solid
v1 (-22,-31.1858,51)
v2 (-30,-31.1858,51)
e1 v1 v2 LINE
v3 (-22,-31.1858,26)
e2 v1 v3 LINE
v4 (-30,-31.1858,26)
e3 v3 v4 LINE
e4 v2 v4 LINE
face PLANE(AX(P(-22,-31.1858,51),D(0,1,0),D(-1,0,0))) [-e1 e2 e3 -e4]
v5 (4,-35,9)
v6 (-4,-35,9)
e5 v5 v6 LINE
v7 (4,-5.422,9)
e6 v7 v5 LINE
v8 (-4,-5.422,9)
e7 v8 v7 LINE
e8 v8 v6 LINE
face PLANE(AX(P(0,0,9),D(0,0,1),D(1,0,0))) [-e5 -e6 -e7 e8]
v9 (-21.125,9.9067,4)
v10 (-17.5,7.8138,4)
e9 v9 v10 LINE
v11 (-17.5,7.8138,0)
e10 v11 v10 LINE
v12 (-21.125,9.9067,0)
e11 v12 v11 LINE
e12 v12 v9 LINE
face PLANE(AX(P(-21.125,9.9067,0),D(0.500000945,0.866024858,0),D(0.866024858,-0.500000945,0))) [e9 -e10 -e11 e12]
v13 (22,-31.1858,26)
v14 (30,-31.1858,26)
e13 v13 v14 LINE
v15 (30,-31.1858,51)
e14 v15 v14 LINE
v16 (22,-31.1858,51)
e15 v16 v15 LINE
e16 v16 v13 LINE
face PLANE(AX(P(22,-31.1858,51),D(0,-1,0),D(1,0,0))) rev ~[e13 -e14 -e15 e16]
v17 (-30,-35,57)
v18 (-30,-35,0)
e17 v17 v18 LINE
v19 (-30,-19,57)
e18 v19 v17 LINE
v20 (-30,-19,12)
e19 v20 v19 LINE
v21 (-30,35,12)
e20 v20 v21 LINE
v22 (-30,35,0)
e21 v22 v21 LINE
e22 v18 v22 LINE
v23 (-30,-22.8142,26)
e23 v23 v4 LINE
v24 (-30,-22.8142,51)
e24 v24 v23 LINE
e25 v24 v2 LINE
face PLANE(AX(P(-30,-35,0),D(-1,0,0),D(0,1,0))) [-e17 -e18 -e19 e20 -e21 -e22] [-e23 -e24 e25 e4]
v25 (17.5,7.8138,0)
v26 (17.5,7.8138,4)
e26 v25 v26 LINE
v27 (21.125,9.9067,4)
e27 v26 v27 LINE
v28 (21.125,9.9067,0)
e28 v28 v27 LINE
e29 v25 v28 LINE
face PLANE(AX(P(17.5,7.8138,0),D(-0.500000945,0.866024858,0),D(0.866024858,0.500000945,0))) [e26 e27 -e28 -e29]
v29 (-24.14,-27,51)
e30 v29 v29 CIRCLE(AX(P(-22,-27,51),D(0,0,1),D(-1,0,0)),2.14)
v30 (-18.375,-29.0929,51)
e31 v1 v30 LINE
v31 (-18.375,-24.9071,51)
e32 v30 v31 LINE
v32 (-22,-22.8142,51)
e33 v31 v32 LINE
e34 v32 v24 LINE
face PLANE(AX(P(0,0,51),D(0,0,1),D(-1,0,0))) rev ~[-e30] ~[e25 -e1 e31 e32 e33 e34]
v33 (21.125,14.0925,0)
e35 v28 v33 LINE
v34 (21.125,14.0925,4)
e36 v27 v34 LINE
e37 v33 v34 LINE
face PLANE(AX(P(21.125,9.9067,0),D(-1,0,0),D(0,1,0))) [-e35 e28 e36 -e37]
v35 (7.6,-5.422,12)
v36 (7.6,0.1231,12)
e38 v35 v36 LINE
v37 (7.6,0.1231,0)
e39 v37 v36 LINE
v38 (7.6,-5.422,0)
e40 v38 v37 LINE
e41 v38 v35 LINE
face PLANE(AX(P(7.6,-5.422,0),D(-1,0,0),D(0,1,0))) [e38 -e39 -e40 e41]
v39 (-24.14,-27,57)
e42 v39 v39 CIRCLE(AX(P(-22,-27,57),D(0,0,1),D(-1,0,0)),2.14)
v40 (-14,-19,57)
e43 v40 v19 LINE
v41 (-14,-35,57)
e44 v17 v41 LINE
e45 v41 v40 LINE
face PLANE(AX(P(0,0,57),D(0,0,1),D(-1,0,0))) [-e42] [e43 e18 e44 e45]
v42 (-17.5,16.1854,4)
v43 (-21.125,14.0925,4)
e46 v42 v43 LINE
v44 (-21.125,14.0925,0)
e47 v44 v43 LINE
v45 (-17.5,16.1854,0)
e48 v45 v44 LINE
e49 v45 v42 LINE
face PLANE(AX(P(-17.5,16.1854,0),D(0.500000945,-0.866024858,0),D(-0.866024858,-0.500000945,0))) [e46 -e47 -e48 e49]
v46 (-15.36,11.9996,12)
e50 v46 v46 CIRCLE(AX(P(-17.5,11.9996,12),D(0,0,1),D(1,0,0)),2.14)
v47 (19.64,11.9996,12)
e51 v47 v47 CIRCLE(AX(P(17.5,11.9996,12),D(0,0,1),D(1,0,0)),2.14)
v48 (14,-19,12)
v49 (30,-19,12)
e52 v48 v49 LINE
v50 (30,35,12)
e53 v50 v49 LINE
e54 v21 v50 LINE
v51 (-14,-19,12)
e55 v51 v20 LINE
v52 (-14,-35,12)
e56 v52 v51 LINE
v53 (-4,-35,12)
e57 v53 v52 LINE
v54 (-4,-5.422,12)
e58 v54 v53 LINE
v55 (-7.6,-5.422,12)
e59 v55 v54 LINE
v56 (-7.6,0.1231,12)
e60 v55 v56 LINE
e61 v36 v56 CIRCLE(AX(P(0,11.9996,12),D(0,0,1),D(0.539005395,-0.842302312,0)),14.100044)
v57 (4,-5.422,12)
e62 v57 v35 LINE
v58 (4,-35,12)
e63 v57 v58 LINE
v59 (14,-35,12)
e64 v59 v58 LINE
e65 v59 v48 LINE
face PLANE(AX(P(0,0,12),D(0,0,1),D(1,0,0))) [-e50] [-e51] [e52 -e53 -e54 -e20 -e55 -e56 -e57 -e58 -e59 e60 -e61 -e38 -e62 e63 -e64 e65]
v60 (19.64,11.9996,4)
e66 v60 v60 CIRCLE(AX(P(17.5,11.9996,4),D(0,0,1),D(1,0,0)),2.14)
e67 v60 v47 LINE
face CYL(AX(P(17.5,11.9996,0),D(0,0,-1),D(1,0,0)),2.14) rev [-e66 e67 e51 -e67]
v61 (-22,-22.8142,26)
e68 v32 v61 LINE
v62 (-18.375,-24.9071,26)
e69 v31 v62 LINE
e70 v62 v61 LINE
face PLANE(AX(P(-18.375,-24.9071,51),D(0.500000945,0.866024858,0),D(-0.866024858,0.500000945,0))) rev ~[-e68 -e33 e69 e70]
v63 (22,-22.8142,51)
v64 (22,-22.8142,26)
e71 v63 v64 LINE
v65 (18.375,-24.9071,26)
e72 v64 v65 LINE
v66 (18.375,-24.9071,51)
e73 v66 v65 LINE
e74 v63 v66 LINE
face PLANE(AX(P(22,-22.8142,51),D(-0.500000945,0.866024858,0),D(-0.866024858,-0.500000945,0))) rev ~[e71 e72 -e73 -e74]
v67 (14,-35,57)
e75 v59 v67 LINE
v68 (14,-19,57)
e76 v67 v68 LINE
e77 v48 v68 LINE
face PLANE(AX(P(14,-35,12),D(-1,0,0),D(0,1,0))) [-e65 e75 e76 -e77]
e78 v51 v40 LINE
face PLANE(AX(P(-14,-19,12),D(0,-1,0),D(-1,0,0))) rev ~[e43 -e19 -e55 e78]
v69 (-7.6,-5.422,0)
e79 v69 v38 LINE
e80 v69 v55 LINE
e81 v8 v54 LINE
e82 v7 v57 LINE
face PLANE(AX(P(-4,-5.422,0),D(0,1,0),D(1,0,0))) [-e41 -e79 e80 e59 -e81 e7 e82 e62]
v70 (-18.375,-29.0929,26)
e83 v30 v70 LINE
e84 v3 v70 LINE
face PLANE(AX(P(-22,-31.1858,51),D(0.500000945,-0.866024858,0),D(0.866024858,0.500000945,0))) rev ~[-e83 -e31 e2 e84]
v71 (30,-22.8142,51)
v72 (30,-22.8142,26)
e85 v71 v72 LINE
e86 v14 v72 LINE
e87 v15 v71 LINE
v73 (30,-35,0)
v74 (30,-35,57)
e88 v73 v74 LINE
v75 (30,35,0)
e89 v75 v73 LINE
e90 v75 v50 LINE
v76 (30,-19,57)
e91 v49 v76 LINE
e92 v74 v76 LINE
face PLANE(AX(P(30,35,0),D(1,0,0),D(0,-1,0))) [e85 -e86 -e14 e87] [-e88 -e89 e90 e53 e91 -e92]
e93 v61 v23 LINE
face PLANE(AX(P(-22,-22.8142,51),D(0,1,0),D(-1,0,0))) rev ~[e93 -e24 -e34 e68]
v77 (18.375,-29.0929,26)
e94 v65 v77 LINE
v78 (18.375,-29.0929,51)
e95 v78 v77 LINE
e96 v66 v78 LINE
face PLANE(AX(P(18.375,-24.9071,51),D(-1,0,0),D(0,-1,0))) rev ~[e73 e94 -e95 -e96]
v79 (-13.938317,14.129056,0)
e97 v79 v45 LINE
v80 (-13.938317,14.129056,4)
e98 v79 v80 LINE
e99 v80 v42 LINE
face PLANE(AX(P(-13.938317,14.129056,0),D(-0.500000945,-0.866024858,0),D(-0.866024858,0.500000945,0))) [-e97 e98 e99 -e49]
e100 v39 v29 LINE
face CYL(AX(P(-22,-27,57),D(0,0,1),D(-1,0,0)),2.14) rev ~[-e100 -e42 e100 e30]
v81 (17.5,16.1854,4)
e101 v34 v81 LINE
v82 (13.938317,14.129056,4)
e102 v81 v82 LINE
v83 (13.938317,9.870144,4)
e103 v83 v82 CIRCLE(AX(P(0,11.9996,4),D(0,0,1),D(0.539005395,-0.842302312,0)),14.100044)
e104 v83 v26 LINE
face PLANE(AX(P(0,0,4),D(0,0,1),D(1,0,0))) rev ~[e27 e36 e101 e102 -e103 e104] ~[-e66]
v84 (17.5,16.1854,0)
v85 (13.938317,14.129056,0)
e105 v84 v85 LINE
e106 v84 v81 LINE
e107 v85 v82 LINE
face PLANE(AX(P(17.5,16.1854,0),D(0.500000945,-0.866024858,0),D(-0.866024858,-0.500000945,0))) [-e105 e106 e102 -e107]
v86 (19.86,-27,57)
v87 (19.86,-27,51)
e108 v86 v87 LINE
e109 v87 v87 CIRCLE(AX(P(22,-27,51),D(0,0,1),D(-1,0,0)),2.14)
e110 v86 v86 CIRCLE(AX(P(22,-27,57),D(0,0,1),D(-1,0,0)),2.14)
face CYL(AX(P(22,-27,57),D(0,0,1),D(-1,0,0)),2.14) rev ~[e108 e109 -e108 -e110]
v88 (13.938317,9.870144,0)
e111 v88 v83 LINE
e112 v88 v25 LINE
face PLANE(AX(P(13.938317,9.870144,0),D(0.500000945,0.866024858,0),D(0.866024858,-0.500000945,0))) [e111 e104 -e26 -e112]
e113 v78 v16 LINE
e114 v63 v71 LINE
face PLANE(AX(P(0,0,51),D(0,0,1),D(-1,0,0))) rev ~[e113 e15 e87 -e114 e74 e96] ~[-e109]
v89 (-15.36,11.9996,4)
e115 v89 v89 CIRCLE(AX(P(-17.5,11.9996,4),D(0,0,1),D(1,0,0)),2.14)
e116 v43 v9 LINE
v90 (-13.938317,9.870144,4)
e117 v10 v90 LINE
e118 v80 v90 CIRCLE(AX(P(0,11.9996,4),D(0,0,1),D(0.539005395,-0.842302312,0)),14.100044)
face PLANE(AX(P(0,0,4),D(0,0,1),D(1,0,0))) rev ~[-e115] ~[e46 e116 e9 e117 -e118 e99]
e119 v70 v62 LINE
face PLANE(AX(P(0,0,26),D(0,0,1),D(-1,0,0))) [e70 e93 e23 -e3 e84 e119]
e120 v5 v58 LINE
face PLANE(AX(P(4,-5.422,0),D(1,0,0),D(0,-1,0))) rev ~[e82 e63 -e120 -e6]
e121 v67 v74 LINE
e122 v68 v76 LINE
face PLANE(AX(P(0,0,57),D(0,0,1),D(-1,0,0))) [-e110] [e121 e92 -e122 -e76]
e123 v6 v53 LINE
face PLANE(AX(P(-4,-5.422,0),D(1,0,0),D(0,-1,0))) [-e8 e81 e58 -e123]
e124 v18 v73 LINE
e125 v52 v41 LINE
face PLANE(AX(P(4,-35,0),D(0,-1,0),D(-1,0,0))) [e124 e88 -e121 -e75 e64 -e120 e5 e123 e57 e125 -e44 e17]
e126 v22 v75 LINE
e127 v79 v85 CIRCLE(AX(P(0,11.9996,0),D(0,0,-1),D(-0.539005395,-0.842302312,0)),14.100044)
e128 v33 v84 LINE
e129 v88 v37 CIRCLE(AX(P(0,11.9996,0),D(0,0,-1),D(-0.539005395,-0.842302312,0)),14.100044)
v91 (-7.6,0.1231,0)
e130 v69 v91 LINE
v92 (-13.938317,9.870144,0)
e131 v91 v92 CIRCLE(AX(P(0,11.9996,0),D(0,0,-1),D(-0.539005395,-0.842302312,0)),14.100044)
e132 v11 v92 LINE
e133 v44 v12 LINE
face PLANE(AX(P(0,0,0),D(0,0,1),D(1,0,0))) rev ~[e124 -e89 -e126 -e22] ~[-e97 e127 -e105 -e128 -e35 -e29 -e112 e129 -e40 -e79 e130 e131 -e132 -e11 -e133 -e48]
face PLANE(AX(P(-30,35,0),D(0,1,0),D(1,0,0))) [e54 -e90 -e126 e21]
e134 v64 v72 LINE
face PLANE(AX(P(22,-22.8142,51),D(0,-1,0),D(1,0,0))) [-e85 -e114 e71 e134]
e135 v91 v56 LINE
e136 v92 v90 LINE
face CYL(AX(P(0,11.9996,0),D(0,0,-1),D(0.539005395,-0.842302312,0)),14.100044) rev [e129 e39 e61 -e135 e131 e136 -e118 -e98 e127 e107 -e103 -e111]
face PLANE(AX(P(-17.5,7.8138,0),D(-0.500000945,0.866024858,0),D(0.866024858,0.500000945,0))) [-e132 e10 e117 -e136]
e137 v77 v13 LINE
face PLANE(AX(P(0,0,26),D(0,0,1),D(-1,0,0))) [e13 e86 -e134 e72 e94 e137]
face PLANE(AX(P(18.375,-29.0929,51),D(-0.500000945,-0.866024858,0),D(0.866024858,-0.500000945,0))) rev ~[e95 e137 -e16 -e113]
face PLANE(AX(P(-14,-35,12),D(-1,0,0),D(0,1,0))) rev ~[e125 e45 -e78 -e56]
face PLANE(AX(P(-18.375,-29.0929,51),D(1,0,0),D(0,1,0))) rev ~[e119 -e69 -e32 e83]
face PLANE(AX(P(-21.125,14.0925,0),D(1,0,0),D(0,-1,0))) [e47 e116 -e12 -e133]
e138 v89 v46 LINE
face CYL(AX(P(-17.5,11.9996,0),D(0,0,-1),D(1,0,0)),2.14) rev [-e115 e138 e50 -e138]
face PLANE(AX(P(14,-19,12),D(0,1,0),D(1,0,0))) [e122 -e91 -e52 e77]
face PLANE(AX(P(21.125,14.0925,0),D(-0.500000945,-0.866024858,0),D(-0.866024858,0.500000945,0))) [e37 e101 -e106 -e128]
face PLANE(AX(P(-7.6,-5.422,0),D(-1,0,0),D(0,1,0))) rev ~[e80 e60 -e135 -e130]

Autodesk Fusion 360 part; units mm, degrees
sketch "01 - PRIMARY SUPPORT MECHANISM ( LEFT SIDE ) SKETCH" plane through (0, 0, 0) normal (0, 0, 1) x (1, 0, 0)
  line L0 (0, -35) -> (0, -5.422) construction
  line L1 (13.875, 9.9067) -> (17.5, 7.8138)
  circle A0 centre (17.5, 11.9996) radius 2.14
  line L2 (-13.875, 14.0925) -> (-17.5, 16.1854)
  circle A1 centre (-17.5, 11.9996) radius 2.14
  line L3 (-21.125, 14.0925) -> (-21.125, 9.9067)
  line L4 (4, -5.422) -> (4, -35)
  line L5 (30, 35) -> (30, -35)
  line L6 (-7.6, -5.422) -> (-7.6, 0.1231)
  line L7 (-4, -5.422) -> (-4, -35)
  line L8 (17.5, 7.8138) -> (21.125, 9.9067)
  line L9 (-21.125, 9.9067) -> (-17.5, 7.8138)
  line L10 (7.6, -5.422) -> (7.6, 0.1231)
  line L11 (21.125, 14.0925) -> (17.5, 16.1854)
  line L12 (-30, 35) -> (30, 35)
  line L13 (21.125, 9.9067) -> (21.125, 14.0925)
  line L14 (13.875, 14.0925) -> (13.875, 9.9067)
  line L15 (-17.5, 7.8138) -> (-13.875, 9.9067)
  line L16 (-30, -19) -> (30, -19) construction
  line L17 (30, -35) -> (-30, -35)
  line L18 (17.5, 16.1854) -> (13.875, 14.0925)
  line L19 (-17.5, 11.9996) -> (-17.5, 14.1396) construction
  line L20 (17.5, 11.9996) -> (17.5, 14.1396) construction
  line L21 (-17.5, 11.9996) -> (17.5, 11.9996) construction
  arc A2 (7.6, 0.1231) -> (-7.6, 0.1231) centre (0, 11.9996) ccw
  line L22 (-17.5, 16.1854) -> (-21.125, 14.0925)
  line L23 (-30, -35) -> (-30, 35)
  line L24 (-7.6, -5.422) -> (7.6, -5.422)
  line L25 (-13.875, 9.9067) -> (-13.875, 14.0925)
  point P0 (17.5, 11.9996)
  point P1 (-17.5, 11.9996)
  dimension "d1" = 60
  dimension "d2" = 70
  dimension "d5" = 16
  dimension "d6" = 29.578
  dimension "d7" = 15.2
  dimension "d8" = 5.5451
  dimension "d9" = 14.1
  dimension "d10" = 17.4216
  dimension "d11" = 8
  dimension "d12" = 4
  dimension "d13" = 35
  dimension "d14" = 4.28
  dimension "d15" = 3.625
  dimension "d16" = 4.28
  dimension "d17" = 3.625
  dimension "d19" = 35
  dimension "d20" = 30
extrude "Extrude1" add sketch "01 - PRIMARY SUPPORT MECHANISM ( LEFT SIDE ) SKETCH" along normal blind 12 contours L1 L8 L11 L13 L18 A2 | L1 L2 L3 L4 L5 L6 L7 L8 L9 L10 L11 L12 L13 L15 L17 L18 A2 L22 L23 L24 | L2 L3 L9 L15 A2 L22 | A0 | A1
extrude "Extrude2" add sketch "01 - PRIMARY SUPPORT MECHANISM ( LEFT SIDE ) SKETCH" along normal blind 9 contours L4 L7 L17 L24
sketch "02 - PRIMARY SUPPORT MECHANISM ( LEFT SIDE ) SKETCH" plane through (0, 0, 12) normal (0, 0, 1) x (-1, 0, 0)
  line L0 (-4, 5.422) -> (-4, 35)
  line L1 (-4, 35) -> (-30, 35)
  line L2 (-30, 35) -> (-30, -35)
  line L3 (-30, -35) -> (30, -35)
  line L4 (30, -35) -> (30, 35)
  line L5 (30, 35) -> (4, 35)
  line L6 (4, 35) -> (4, 5.422)
  line L7 (4, 5.422) -> (7.6, 5.422)
  line L8 (7.6, 5.422) -> (7.6, -0.1231)
  arc A0 (-7.6, -0.1231) -> (7.6, -0.1231) centre (0, -11.9996) ccw
  line L9 (-7.6, -0.1231) -> (-7.6, 5.422)
  line L10 (-7.6, 5.422) -> (-4, 5.422)
  line L11 (30, 35) -> (4, 35)
  line L12 (-4, 35) -> (-30, 35)
  line L13 (30, 35) -> (14, 35)
  line L14 (-14, 35) -> (-14, 19)
  line L15 (14, 35) -> (14, 19)
  line L16 (-30, 19) -> (-30, 35)
  line L17 (-30, 35) -> (-14, 35)
  line L18 (30, 19) -> (30, 35)
  line L19 (14, 19) -> (30, 19)
  line L20 (-14, 19) -> (-30, 19)
  dimension "d25" = 16
  dimension "d26" = 16
  dimension "d27" = 16
  dimension "d28" = 16
extrude "Extrude3" add sketch "02 - PRIMARY SUPPORT MECHANISM ( LEFT SIDE ) SKETCH" along normal blind 45 contours L1 L2 L12 L14 L16 L17 L20 | L4 L5 L11 L13 L15 L18 L19
sketch "03 - PRIMARY SUPPORT MECHANISM ( LEFT SIDE ) SKETCH" plane through (0, 0, 57) normal (0, 0, 1) x (-1, 0, 0)
  line L0 (-14, 19) -> (-14, 35)
  line L1 (-14, 35) -> (-30, 35)
  line L2 (-30, 35) -> (-30, 19)
  line L3 (-30, 19) -> (-14, 19)
  line L4 (-14, 35) -> (-30, 35)
  line L5 (-18.375, 29.0929) -> (-22, 31.1858)
  line L6 (-14, 19) -> (-14, 35)
  line L7 (-22, 22.8142) -> (-18.375, 24.9071)
  line L8 (-14, 27) -> (-30, 27) construction
  line L9 (-25.625, 29.0929) -> (-25.625, 24.9071)
  line L10 (-30, 19) -> (-14, 19)
  line L11 (-22, 23.375) -> (-22, 22.8142)
  line L12 (-25.625, 24.9071) -> (-22, 22.8142)
  line L13 (-22, 22.8142) -> (-30, 22.8142)
  line L14 (-18.375, 24.9071) -> (-18.375, 29.0929)
  line L15 (-22, 31.1858) -> (-22, 30.625)
  line L16 (-30, 31.1858) -> (-30, 22.8142)
  line L17 (-30, 35) -> (-30, 19)
  line L18 (-22, 31.1858) -> (-25.625, 29.0929)
  line L19 (-22, 31.1858) -> (-30, 31.1858)
  circle A0 centre (-22, 27) radius 2.14
  line L20 (-22, 19) -> (-22, 35) construction
  point P0 (-22, 27)
  dimension "d34" = 3.625
  dimension "d35" = 4.28
  dimension "d38" = 16
  dimension "d39" = 16
extrude "Extrude4" cut sketch "03 - PRIMARY SUPPORT MECHANISM ( LEFT SIDE ) SKETCH" against normal blind 25 from surface at -6 contours L2 L9 L12 L13 L16 L17 L18 L19 | L5 L7 L9 L12 L14 L18 | A0
extrude "Extrude5" cut sketch "03 - PRIMARY SUPPORT MECHANISM ( LEFT SIDE ) SKETCH" against normal blind 6 contours A0
sketch "04 - PRIMARY SUPPORT MECHANISM ( LEFT SIDE ) SKETCH" plane through (0, 0, 57) normal (0, 0, 1) x (-1, 0, 0)
  line L0 (14, 19) -> (30, 19)
  line L1 (30, 19) -> (30, 35)
  line L2 (30, 35) -> (14, 35)
  line L3 (14, 35) -> (14, 19)
  line L4 (22, 35) -> (22, 19) construction
  line L5 (30, 27) -> (14, 27) construction
  line L6 (22, 31.1858) -> (18.375, 29.0929)
  line L7 (18.375, 24.9071) -> (22, 22.8142)
  line L8 (30, 35) -> (14, 35)
  line L9 (22, 22.8142) -> (30, 22.8142)
  line L10 (30, 19) -> (30, 35)
  line L11 (25.625, 29.0929) -> (22, 31.1858)
  line L12 (30, 31.1858) -> (30, 22.8142)
  line L13 (22, 22.8142) -> (25.625, 24.9071)
  circle A0 centre (22, 27) radius 2.14
  line L14 (18.375, 29.0929) -> (18.375, 24.9071)
  line L15 (22, 31.1858) -> (30, 31.1858)
  line L16 (25.625, 24.9071) -> (25.625, 29.0929)
  line L17 (14, 19) -> (30, 19)
  line L18 (14, 35) -> (14, 19)
  point P0 (22, 27)
  dimension "d47" = 3.625
  dimension "d48" = 4.28
  dimension "d49" = 16
  dimension "d50" = 16
extrude "Extrude6" cut sketch "04 - PRIMARY SUPPORT MECHANISM ( LEFT SIDE ) SKETCH" against normal blind 25 from surface at -6 contours L1 L9 L10 L11 L12 L13 L15 L16 | L6 L7 L11 L13 L14 L16 | A0
extrude "Extrude7" cut sketch "04 - PRIMARY SUPPORT MECHANISM ( LEFT SIDE ) SKETCH" against normal blind 6 contours A0
extrude "Extrude8" cut sketch "01 - PRIMARY SUPPORT MECHANISM ( LEFT SIDE ) SKETCH" along normal blind 12 contours A0 | A1
extrude "Extrude9" cut sketch "01 - PRIMARY SUPPORT MECHANISM ( LEFT SIDE ) SKETCH" along normal blind 4 contours L1 L8 L11 L13 L18 A2 | L2 L3 L9 L15 A2 L22
